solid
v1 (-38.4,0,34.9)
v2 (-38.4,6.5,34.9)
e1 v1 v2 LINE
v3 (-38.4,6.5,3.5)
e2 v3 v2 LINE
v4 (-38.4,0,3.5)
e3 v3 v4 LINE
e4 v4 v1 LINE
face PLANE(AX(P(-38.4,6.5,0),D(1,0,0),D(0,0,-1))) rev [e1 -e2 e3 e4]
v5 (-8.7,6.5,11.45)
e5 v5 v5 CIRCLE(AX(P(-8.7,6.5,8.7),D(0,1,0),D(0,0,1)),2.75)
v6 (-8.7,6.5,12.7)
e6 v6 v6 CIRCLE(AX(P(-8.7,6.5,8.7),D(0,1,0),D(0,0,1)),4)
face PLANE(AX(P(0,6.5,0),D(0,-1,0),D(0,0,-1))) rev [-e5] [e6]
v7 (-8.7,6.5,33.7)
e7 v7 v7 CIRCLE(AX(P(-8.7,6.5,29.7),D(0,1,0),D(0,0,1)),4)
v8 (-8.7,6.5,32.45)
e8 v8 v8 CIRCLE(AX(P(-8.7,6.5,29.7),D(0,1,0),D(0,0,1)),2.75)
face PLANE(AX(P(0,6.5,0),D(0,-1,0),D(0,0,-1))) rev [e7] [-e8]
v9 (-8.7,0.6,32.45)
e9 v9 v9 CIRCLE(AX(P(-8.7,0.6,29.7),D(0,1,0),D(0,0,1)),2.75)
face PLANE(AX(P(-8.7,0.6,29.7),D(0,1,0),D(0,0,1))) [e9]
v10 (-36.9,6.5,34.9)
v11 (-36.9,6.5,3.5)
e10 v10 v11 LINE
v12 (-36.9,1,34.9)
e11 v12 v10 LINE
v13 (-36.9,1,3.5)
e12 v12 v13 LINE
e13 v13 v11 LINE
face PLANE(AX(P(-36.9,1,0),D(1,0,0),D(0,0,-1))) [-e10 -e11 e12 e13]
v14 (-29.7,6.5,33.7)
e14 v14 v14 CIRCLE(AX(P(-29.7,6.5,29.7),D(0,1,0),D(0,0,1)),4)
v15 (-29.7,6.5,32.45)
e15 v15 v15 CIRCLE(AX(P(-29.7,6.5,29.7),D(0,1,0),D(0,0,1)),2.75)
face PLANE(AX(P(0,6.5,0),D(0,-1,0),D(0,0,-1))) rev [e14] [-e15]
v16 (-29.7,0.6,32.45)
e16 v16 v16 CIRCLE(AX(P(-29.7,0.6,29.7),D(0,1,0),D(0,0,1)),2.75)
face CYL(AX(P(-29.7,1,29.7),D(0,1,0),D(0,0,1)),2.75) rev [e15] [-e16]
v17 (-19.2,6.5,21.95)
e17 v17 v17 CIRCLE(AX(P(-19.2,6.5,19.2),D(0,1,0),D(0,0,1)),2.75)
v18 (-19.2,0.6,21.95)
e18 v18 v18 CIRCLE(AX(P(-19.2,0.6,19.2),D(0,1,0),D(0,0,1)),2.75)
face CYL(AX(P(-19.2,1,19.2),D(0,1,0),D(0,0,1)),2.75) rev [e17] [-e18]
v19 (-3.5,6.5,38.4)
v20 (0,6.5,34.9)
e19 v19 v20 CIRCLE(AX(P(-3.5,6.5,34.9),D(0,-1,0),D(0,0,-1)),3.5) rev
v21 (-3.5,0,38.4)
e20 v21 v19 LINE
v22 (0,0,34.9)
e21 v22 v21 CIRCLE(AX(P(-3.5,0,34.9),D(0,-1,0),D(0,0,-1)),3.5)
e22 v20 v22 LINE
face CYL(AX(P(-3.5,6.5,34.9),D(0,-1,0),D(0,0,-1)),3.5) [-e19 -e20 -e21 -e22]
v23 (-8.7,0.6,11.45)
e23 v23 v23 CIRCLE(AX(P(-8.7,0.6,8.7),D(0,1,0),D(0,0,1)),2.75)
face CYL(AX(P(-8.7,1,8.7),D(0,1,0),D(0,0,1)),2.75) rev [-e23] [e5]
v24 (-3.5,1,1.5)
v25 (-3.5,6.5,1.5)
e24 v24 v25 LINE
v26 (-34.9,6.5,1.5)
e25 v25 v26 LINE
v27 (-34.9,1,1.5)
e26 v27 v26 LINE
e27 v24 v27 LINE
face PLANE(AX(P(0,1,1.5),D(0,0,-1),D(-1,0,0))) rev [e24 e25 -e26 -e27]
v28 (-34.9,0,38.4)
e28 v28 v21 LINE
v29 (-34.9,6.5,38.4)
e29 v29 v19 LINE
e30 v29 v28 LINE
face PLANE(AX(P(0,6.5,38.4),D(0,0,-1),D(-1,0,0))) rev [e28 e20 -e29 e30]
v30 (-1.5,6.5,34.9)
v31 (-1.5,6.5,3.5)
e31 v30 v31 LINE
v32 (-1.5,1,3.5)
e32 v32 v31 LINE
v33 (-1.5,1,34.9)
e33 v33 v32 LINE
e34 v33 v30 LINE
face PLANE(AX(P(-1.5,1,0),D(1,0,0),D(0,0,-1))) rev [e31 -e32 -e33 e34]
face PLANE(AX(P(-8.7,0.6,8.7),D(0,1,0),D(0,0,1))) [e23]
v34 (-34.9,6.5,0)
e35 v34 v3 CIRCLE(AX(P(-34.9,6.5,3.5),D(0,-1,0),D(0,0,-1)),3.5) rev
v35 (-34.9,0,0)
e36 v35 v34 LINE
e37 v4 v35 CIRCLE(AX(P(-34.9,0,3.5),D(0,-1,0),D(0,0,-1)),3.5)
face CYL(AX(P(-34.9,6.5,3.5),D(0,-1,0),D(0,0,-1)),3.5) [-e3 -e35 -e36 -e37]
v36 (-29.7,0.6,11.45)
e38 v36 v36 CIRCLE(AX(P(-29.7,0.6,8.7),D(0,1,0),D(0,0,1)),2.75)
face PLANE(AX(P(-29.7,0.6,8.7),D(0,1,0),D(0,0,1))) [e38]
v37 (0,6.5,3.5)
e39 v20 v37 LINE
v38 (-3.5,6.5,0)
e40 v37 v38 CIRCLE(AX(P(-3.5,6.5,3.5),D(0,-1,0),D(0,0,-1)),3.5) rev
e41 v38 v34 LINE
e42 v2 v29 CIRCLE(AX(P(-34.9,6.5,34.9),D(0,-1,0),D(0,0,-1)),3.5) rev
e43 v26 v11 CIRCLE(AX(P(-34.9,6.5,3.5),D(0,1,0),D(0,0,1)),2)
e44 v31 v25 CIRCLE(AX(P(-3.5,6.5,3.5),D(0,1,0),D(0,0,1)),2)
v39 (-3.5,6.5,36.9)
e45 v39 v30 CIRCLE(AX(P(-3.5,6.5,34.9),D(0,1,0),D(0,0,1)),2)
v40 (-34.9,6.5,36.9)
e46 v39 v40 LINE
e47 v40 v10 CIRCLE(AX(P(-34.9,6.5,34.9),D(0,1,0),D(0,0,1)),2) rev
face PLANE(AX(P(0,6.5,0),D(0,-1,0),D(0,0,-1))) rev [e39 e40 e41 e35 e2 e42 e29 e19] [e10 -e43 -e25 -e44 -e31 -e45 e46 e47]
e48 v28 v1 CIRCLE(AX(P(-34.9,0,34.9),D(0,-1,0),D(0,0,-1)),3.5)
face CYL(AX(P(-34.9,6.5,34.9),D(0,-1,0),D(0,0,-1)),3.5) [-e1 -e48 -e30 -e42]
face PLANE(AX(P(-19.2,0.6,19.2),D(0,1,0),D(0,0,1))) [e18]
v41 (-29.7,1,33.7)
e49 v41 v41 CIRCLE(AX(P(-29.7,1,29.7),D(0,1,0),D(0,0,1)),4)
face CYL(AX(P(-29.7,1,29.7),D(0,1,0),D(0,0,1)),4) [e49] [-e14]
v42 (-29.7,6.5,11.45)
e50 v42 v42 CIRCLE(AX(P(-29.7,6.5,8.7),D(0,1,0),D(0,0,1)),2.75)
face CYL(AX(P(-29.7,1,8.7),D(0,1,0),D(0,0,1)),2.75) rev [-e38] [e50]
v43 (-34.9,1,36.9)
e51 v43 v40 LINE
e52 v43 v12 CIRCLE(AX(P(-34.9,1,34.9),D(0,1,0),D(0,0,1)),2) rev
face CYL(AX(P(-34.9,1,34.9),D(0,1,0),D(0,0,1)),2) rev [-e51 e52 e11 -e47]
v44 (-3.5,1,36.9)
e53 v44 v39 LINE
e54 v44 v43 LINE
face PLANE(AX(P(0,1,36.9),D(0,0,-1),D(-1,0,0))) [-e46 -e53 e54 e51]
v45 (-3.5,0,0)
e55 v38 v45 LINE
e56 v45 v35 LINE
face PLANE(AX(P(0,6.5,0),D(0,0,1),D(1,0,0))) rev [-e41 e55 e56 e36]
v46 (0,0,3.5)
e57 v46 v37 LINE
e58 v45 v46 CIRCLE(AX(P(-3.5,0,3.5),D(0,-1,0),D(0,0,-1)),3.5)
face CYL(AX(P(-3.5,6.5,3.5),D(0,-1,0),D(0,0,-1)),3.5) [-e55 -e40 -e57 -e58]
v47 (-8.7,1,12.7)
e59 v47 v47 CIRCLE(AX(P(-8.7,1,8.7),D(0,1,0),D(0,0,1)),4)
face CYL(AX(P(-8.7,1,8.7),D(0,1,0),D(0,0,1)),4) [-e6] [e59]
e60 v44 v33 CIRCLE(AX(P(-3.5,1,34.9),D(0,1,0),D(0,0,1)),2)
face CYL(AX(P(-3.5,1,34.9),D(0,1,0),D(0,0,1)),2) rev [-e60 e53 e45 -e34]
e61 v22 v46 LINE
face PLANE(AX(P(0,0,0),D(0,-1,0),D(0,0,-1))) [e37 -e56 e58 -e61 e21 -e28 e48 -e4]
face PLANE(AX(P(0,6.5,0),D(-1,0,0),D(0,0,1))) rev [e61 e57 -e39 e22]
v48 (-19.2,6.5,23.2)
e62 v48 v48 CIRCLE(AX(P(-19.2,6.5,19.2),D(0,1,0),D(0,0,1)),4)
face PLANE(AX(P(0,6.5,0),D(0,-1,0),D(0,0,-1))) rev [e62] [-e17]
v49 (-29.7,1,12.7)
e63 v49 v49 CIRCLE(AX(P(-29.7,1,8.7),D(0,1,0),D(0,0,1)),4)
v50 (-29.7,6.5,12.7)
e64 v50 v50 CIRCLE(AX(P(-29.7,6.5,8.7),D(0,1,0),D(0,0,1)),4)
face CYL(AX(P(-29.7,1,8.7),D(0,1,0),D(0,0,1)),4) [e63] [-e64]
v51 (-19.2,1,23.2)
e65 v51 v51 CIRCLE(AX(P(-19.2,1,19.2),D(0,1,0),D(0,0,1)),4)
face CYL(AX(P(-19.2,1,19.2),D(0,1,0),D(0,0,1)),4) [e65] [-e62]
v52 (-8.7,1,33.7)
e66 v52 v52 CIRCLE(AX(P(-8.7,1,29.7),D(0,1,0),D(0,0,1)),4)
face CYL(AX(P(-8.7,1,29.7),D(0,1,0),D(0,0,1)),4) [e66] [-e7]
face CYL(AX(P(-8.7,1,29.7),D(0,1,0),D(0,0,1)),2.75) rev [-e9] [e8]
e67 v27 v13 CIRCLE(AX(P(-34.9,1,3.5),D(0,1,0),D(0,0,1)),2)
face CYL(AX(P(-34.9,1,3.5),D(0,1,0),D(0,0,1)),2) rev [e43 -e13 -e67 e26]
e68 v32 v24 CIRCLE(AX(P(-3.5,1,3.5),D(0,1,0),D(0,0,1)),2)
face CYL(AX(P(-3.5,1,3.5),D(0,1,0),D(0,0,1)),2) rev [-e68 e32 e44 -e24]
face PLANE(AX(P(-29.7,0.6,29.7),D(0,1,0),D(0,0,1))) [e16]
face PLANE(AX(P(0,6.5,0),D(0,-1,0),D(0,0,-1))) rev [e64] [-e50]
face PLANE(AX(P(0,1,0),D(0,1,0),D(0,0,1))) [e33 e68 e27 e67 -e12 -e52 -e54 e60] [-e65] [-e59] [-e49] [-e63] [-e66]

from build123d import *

# Parameters (mm, degrees)
SKETCH1_W           = 38.4
SKETCH1_H           = 38.4
BOSS_EXTRUDE1_DEPTH = 6.5
FILLET1_R           = 3.5
SKETCH7_R           = 4
SKETCH7_R_2         = 2.75
CUT_EXTRUDE1_DEPTH  = 5.5
SKETCH8_R           = 2.75
CUT_EXTRUDE2_DEPTH  = 0.4


with BuildPart() as part:
    # Sketch1 → Boss-Extrude1 (new body)
    with BuildSketch(Plane(origin=(0, 0, 0), x_dir=(1, 0, 0), z_dir=(0, 1, 0))):
        with Locations((-19.2, -19.2)):
            Rectangle(SKETCH1_W, SKETCH1_H)
    extrude(amount=BOSS_EXTRUDE1_DEPTH)

    # Fillet1
    fillet1_edges = [part.edges().sort_by_distance(p)[0] for p in [
        (0, 3.25, 38.4),
        (-38.4, 3.25, 38.4),
        (-38.4, 3.25, 0),
        (0, 3.25, 0),
    ]]
    fillet(fillet1_edges, radius=FILLET1_R)

    # Sketch7 → Cut-Extrude1 (cut)
    with BuildSketch(Plane(origin=(0, 6.5, 0), x_dir=(1, 0, 0), z_dir=(0, 1, 0))):
        with BuildLine():
            Line((-3.5, -1.5), (-34.9, -1.5))
            ThreePointArc((-34.9, -1.5), (-36.314213562, -2.085786438), (-36.9, -3.5))
            Line((-36.9, -3.5), (-36.9, -34.9))
            ThreePointArc((-36.9, -34.9), (-36.314213562, -36.314213562), (-34.9, -36.9))
            Line((-34.9, -36.9), (-3.5, -36.9))
            ThreePointArc((-3.5, -36.9), (-2.085786438, -36.314213562), (-1.5, -34.9))
            Line((-1.5, -34.9), (-1.5, -3.5))
            ThreePointArc((-1.5, -3.5), (-2.085786438, -2.085786438), (-3.5, -1.5))
        make_face()
        with Locations((-19.2, -19.2)):
            Circle(SKETCH7_R, mode=Mode.SUBTRACT)
        with Locations((-29.7, -29.7)):
            Circle(SKETCH7_R, mode=Mode.SUBTRACT)
        with Locations((-8.7, -29.7)):
            Circle(SKETCH7_R, mode=Mode.SUBTRACT)
        with Locations((-8.7, -8.7)):
            Circle(SKETCH7_R, mode=Mode.SUBTRACT)
        with Locations((-29.7, -8.7)):
            Circle(SKETCH7_R, mode=Mode.SUBTRACT)
        with Locations((-29.7, -8.7)):
            Circle(SKETCH7_R_2)
        with Locations((-8.7, -8.7)):
            Circle(SKETCH7_R_2)
        with Locations((-19.2, -19.2)):
            Circle(SKETCH7_R_2)
        with Locations((-29.7, -29.7)):
            Circle(SKETCH7_R_2)
        with Locations((-8.7, -29.7)):
            Circle(SKETCH7_R_2)
    extrude(amount=-CUT_EXTRUDE1_DEPTH, mode=Mode.SUBTRACT)

    # Sketch8 → Cut-Extrude2 (cut)
    with BuildSketch(Plane(origin=(0, 1, 0), x_dir=(1, 0, 0), z_dir=(0, 1, 0))):
        with Locations((-29.7, -29.7)):
            Circle(SKETCH8_R)
        with Locations((-8.7, -29.7)):
            Circle(SKETCH8_R)
        with Locations((-8.7, -8.7)):
            Circle(SKETCH8_R)
        with Locations((-19.2, -19.2)):
            Circle(SKETCH8_R)
        with Locations((-29.7, -8.7)):
            Circle(SKETCH8_R)
    extrude(amount=-CUT_EXTRUDE2_DEPTH, mode=Mode.SUBTRACT)


solid = part.part
